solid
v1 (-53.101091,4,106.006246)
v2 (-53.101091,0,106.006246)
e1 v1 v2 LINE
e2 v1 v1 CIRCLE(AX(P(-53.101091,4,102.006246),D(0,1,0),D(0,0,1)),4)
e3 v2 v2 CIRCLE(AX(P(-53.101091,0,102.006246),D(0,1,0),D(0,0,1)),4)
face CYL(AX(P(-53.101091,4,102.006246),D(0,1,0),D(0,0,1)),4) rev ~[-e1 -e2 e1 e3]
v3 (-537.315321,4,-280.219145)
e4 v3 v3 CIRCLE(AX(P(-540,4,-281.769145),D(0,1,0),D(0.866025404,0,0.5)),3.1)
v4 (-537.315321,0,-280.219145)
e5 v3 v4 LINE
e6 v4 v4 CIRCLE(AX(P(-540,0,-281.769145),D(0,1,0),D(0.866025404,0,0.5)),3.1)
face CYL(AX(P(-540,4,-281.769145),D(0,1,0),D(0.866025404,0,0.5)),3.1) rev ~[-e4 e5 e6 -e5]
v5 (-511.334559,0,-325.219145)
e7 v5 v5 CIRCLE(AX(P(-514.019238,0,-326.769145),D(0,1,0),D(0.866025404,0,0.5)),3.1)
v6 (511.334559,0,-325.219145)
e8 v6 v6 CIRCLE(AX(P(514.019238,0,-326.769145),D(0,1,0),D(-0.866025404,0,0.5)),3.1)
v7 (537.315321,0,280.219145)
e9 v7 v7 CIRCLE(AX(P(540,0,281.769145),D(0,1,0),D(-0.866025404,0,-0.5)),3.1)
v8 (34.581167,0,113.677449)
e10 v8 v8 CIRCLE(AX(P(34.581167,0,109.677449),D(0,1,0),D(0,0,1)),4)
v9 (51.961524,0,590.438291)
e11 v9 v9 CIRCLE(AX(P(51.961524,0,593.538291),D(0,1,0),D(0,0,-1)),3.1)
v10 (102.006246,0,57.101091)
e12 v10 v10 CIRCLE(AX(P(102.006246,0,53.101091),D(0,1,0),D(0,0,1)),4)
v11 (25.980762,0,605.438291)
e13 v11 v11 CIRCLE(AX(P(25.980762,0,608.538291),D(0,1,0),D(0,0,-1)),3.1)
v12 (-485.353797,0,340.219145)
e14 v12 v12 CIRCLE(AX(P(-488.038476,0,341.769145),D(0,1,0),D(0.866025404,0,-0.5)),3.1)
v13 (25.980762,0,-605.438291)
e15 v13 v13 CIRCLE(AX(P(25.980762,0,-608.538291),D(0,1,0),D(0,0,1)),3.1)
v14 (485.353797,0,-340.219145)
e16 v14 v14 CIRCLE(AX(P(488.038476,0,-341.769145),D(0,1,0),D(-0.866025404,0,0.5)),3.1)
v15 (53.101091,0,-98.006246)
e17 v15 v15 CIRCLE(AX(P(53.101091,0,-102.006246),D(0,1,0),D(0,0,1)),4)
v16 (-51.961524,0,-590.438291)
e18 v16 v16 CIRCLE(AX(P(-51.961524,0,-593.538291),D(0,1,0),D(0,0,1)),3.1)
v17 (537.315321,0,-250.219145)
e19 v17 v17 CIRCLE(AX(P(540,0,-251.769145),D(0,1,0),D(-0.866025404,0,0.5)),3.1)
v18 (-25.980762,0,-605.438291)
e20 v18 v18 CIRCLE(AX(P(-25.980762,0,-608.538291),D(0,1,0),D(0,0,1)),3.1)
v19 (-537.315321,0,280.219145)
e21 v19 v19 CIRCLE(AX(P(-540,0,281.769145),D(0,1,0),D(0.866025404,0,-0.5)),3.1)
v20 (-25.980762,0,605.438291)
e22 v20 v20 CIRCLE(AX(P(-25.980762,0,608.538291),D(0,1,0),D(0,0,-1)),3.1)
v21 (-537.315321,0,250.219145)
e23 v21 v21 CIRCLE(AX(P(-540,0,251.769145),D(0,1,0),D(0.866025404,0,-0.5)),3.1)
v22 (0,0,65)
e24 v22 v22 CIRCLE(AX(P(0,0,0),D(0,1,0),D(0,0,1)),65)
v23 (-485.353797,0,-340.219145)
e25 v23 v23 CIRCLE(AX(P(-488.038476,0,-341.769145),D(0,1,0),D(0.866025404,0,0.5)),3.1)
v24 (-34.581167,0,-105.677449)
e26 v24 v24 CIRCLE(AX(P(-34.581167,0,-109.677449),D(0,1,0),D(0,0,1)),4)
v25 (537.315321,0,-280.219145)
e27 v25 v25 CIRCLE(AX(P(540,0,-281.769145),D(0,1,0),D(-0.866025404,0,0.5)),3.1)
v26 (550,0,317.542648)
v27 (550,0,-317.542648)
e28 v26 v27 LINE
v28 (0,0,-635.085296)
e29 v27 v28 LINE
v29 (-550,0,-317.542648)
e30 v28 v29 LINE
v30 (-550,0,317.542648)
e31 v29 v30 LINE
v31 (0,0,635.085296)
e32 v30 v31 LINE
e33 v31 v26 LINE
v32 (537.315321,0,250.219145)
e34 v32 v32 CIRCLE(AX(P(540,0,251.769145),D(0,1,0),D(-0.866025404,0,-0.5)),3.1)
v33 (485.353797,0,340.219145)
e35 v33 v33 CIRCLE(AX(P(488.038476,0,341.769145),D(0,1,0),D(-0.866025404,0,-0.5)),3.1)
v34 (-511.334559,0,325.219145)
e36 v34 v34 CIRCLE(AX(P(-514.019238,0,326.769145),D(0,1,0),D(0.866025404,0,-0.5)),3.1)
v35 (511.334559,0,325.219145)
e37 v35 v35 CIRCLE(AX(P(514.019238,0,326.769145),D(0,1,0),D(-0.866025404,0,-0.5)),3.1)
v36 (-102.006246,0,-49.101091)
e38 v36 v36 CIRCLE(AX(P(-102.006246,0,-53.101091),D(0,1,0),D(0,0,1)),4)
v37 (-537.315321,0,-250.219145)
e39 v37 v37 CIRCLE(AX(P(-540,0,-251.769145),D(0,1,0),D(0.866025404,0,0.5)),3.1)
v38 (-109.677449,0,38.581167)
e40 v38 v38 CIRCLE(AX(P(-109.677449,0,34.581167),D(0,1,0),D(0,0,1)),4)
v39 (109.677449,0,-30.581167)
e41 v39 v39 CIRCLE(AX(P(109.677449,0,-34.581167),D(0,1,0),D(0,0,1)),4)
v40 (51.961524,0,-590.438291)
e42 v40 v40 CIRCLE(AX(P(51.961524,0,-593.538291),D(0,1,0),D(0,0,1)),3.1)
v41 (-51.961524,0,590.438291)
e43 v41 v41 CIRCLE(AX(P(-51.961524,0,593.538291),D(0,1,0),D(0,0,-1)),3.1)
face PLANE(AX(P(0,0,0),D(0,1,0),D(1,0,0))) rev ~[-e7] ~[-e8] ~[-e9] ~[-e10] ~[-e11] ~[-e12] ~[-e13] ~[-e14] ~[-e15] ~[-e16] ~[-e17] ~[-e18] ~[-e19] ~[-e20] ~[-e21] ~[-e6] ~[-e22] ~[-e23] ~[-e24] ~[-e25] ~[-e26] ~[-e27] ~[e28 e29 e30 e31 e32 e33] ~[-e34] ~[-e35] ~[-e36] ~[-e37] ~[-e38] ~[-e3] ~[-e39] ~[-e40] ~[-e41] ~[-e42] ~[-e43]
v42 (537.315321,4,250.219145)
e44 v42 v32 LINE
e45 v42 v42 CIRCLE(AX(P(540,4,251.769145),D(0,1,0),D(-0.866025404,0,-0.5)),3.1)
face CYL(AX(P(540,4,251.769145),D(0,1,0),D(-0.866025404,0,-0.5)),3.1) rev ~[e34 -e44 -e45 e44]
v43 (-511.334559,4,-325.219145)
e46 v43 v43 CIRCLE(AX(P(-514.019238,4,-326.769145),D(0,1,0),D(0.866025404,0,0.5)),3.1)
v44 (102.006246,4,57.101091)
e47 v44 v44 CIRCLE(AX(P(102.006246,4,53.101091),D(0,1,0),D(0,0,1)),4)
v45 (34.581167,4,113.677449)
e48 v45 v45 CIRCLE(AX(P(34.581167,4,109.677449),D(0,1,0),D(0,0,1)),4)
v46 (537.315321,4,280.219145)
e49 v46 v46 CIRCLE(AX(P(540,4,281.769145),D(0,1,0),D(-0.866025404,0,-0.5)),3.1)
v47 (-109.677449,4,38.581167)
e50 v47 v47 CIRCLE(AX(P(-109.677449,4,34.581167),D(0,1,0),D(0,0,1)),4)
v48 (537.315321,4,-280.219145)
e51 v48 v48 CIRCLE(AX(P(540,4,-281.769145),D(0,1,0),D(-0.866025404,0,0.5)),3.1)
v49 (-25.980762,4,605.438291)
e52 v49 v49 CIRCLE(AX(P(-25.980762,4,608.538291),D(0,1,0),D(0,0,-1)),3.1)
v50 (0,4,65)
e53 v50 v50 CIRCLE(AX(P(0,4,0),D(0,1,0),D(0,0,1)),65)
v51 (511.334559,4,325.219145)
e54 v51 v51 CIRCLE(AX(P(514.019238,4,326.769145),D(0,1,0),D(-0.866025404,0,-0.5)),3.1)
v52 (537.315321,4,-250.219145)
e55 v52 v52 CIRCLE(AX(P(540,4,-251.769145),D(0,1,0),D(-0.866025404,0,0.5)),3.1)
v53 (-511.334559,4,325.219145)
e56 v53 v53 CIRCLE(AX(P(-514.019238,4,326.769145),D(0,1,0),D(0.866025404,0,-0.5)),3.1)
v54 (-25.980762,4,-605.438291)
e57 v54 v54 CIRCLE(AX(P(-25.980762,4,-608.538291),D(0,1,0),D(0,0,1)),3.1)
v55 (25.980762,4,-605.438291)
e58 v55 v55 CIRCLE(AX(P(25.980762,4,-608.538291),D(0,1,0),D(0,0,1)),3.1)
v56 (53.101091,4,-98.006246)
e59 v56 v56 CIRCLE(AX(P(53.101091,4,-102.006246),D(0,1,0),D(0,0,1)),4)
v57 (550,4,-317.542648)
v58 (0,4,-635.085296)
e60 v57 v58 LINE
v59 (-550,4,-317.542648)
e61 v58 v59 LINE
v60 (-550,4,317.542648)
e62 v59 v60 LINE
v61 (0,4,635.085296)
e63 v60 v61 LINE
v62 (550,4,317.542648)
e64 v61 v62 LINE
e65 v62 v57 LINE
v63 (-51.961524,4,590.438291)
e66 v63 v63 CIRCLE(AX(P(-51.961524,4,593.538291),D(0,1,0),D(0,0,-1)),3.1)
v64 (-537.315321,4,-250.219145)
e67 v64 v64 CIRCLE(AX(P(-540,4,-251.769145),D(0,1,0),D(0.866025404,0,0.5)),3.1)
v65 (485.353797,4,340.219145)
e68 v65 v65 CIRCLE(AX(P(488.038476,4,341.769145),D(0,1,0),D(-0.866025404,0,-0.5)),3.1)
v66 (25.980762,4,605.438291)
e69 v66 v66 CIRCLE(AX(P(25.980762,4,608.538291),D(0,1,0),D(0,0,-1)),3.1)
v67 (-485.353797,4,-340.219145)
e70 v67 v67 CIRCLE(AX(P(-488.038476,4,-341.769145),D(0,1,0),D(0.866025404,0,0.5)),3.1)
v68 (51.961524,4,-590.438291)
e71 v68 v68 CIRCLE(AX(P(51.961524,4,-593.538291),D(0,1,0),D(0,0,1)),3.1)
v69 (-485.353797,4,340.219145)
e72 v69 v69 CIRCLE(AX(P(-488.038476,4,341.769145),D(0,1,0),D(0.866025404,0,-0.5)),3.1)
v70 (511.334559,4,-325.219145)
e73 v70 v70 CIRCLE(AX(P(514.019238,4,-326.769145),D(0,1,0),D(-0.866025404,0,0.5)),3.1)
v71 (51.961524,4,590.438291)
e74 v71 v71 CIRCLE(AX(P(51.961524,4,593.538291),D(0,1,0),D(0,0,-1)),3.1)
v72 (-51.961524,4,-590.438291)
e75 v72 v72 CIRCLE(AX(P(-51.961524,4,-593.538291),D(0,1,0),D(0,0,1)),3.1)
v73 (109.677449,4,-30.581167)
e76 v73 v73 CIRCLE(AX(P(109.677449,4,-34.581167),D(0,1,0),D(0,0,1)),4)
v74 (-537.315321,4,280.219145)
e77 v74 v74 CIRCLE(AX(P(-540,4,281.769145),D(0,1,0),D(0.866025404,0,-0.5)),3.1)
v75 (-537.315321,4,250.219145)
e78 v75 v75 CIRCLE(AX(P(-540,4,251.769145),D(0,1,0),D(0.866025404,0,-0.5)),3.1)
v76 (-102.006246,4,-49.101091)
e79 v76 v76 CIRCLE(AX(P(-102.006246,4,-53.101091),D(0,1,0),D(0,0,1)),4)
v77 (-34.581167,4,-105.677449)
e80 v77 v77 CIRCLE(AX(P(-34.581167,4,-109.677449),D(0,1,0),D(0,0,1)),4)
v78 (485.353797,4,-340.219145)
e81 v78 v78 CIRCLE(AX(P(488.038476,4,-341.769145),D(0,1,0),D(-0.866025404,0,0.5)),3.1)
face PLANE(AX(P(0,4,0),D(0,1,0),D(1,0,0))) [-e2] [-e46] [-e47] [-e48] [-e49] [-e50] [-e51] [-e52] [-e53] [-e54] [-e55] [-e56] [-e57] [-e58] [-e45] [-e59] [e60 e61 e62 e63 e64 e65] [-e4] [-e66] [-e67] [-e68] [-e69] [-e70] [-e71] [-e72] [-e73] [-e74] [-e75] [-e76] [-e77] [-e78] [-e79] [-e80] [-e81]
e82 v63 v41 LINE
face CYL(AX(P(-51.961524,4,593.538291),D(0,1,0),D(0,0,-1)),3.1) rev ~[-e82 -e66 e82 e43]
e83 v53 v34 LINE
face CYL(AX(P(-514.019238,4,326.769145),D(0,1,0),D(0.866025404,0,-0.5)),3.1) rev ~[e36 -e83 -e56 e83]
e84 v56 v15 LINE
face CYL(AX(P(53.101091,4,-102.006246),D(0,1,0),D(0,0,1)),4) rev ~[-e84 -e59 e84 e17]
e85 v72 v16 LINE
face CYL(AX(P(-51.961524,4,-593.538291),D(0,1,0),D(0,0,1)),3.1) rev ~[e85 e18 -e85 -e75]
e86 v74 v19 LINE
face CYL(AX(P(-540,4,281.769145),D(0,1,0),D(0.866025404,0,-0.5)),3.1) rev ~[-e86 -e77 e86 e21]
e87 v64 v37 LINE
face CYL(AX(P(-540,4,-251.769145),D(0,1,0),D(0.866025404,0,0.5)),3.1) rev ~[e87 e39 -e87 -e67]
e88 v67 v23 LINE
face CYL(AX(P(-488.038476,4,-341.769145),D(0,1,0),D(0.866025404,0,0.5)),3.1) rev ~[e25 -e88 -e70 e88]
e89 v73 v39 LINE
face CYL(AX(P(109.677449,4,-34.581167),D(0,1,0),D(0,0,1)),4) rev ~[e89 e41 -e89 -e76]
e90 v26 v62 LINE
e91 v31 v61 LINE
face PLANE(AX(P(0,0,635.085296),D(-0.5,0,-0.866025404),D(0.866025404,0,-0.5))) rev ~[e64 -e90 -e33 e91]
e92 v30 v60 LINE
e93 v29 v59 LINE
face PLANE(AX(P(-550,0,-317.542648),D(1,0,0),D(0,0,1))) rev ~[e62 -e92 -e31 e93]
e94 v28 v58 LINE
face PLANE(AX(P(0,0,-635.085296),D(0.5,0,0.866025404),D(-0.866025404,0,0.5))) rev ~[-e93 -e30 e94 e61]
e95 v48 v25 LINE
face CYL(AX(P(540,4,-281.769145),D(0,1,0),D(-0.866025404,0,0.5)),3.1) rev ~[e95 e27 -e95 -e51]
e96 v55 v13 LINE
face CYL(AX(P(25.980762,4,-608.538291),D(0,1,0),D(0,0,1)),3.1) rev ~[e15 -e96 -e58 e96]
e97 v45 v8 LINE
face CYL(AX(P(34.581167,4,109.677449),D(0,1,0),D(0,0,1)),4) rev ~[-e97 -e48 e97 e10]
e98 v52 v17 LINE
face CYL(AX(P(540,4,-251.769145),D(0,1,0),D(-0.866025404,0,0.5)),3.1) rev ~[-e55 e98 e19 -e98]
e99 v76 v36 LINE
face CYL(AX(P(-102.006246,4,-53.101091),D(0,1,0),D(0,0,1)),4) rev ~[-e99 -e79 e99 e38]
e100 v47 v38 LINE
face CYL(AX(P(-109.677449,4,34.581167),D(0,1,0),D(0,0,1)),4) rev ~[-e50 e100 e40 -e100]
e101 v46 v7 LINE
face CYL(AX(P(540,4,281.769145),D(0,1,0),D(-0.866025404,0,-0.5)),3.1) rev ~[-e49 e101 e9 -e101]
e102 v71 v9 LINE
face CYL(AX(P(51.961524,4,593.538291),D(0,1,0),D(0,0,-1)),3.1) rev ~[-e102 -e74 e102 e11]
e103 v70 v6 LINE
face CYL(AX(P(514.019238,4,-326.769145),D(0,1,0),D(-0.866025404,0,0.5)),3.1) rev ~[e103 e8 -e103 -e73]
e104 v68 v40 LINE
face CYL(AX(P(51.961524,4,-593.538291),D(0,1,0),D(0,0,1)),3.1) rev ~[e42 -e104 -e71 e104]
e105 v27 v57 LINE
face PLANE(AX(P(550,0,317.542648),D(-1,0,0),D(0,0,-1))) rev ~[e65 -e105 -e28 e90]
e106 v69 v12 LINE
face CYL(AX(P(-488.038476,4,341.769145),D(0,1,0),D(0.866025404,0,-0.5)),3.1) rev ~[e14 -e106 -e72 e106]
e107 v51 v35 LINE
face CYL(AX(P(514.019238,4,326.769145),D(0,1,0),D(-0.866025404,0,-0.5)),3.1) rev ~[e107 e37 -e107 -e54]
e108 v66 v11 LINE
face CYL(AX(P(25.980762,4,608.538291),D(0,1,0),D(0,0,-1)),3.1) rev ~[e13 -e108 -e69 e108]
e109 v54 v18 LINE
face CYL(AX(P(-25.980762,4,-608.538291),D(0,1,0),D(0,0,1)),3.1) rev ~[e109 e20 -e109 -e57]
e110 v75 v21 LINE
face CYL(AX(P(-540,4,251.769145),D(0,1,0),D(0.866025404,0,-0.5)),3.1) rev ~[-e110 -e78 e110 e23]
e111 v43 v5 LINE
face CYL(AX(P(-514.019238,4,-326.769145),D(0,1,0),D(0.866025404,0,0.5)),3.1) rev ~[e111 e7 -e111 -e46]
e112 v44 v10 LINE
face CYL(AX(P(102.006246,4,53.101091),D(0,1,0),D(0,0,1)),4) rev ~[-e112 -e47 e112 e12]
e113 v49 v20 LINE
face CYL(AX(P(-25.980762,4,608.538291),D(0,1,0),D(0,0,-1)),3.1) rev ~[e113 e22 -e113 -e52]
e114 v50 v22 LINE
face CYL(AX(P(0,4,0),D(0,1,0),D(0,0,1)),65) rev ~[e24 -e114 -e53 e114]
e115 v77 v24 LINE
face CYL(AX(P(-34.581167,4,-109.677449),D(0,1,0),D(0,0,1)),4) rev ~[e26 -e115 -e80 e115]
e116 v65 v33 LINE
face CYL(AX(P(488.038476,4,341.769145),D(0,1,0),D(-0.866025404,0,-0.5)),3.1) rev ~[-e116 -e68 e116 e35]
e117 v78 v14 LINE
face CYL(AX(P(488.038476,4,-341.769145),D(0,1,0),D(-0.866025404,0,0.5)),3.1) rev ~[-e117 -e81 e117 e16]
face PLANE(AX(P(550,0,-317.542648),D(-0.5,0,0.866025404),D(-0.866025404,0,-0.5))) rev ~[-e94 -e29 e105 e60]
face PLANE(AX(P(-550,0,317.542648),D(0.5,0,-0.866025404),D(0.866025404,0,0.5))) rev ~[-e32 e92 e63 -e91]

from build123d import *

# Parameters (mm, degrees)
BOSS_EXTRUDE1_DEPTH = 4
CUT_EXTRUDE1_REACH  = 842.148
SKETCH3_R           = 4
CUT_EXTRUDE2_REACH  = 842.148
SKETCH4_R           = 3.1
CIRPATTERN1_COUNT   = 6
CUT_EXTRUDE3_REACH  = 842.148
SKETCH5_R           = 65


with BuildPart() as part:
    # Sketch1 → Boss-Extrude1 (new body)
    with BuildSketch(Plane(origin=(0, 0, 0), x_dir=(1, 0, 0), z_dir=(0, 1, 0))):
        Polygon((0, 635.085296109), (-550, 317.542648054), (-550, -317.542648054), (0, -635.085296109), (550, -317.542648054), (550, 317.542648054), align=None)
    extrude(amount=BOSS_EXTRUDE1_DEPTH)

    # Sketch3 → Cut-Extrude1 (cut, up to next)
    with BuildSketch(Plane(origin=(0, 4, 0), x_dir=(1, 0, 0), z_dir=(0, 1, 0)), mode=Mode.PRIVATE) as cut_extrude1_sk1:
        with Locations(Location((53.101090522, 102.006245815, 0), (0, 0, 270))):
            Circle(SKETCH3_R)
    cut_extrude1_tool1 = extrude(cut_extrude1_sk1.sketch, amount=-CUT_EXTRUDE1_REACH, mode=Mode.PRIVATE) & part.part
    # Sketch3 → Cut-Extrude1 (cut, up to next)
    with BuildSketch(Plane(origin=(0, 4, 0), x_dir=(1, 0, 0), z_dir=(0, 1, 0)), mode=Mode.PRIVATE) as cut_extrude1_sk2:
        with Locations(Location((109.677449336, 34.581166943, 0), (0, 0, 270))):
            Circle(SKETCH3_R)
    cut_extrude1_tool2 = extrude(cut_extrude1_sk2.sketch, amount=-CUT_EXTRUDE1_REACH, mode=Mode.PRIVATE) & part.part
    # Sketch3 → Cut-Extrude1 (cut, up to next)
    with BuildSketch(Plane(origin=(0, 4, 0), x_dir=(1, 0, 0), z_dir=(0, 1, 0)), mode=Mode.PRIVATE) as cut_extrude1_sk3:
        with Locations(Location((102.006245815, -53.101090522, 0), (0, 0, 270))):
            Circle(SKETCH3_R)
    cut_extrude1_tool3 = extrude(cut_extrude1_sk3.sketch, amount=-CUT_EXTRUDE1_REACH, mode=Mode.PRIVATE) & part.part
    # Sketch3 → Cut-Extrude1 (cut, up to next)
    with BuildSketch(Plane(origin=(0, 4, 0), x_dir=(1, 0, 0), z_dir=(0, 1, 0)), mode=Mode.PRIVATE) as cut_extrude1_sk4:
        with Locations(Location((34.581166943, -109.677449336, 0), (0, 0, 270))):
            Circle(SKETCH3_R)
    cut_extrude1_tool4 = extrude(cut_extrude1_sk4.sketch, amount=-CUT_EXTRUDE1_REACH, mode=Mode.PRIVATE) & part.part
    # Sketch3 → Cut-Extrude1 (cut, up to next)
    with BuildSketch(Plane(origin=(0, 4, 0), x_dir=(1, 0, 0), z_dir=(0, 1, 0)), mode=Mode.PRIVATE) as cut_extrude1_sk5:
        with Locations(Location((-53.101090522, -102.006245815, 0), (0, 0, 270))):
            Circle(SKETCH3_R)
    cut_extrude1_tool5 = extrude(cut_extrude1_sk5.sketch, amount=-CUT_EXTRUDE1_REACH, mode=Mode.PRIVATE) & part.part
    # Sketch3 → Cut-Extrude1 (cut, up to next)
    with BuildSketch(Plane(origin=(0, 4, 0), x_dir=(1, 0, 0), z_dir=(0, 1, 0)), mode=Mode.PRIVATE) as cut_extrude1_sk6:
        with Locations(Location((-109.677449336, -34.581166943, 0), (0, 0, 270))):
            Circle(SKETCH3_R)
    cut_extrude1_tool6 = extrude(cut_extrude1_sk6.sketch, amount=-CUT_EXTRUDE1_REACH, mode=Mode.PRIVATE) & part.part
    # Sketch3 → Cut-Extrude1 (cut, up to next)
    with BuildSketch(Plane(origin=(0, 4, 0), x_dir=(1, 0, 0), z_dir=(0, 1, 0)), mode=Mode.PRIVATE) as cut_extrude1_sk7:
        with Locations(Location((-102.006245815, 53.101090522, 0), (0, 0, 270))):
            Circle(SKETCH3_R)
    cut_extrude1_tool7 = extrude(cut_extrude1_sk7.sketch, amount=-CUT_EXTRUDE1_REACH, mode=Mode.PRIVATE) & part.part
    # Sketch3 → Cut-Extrude1 (cut, up to next)
    with BuildSketch(Plane(origin=(0, 4, 0), x_dir=(1, 0, 0), z_dir=(0, 1, 0)), mode=Mode.PRIVATE) as cut_extrude1_sk8:
        with Locations(Location((-34.581166943, 109.677449336, 0), (0, 0, 270))):
            Circle(SKETCH3_R)
    cut_extrude1_tool8 = extrude(cut_extrude1_sk8.sketch, amount=-CUT_EXTRUDE1_REACH, mode=Mode.PRIVATE) & part.part
    add(cut_extrude1_tool1.solids().sort_by_distance((53.101091, 4, -102.006246))[0], mode=Mode.SUBTRACT)
    add(cut_extrude1_tool2.solids().sort_by_distance((109.677449, 4, -34.581167))[0], mode=Mode.SUBTRACT)
    add(cut_extrude1_tool3.solids().sort_by_distance((102.006246, 4, 53.101091))[0], mode=Mode.SUBTRACT)
    add(cut_extrude1_tool4.solids().sort_by_distance((34.581167, 4, 109.677449))[0], mode=Mode.SUBTRACT)
    add(cut_extrude1_tool5.solids().sort_by_distance((-53.101091, 4, 102.006246))[0], mode=Mode.SUBTRACT)
    add(cut_extrude1_tool6.solids().sort_by_distance((-109.677449, 4, 34.581167))[0], mode=Mode.SUBTRACT)
    add(cut_extrude1_tool7.solids().sort_by_distance((-102.006246, 4, -53.101091))[0], mode=Mode.SUBTRACT)
    add(cut_extrude1_tool8.solids().sort_by_distance((-34.581167, 4, -109.677449))[0], mode=Mode.SUBTRACT)

    # Sketch4 → Cut-Extrude2 (cut, up to next)
    with BuildSketch(Plane(origin=(0, 4, 0), x_dir=(1, 0, 0), z_dir=(0, 1, 0)), mode=Mode.PRIVATE) as cut_extrude2_sk1:
        with Locations(Location((25.980762114, 608.538290725, 0), (0, 0, 270))):
            Circle(SKETCH4_R)
    cut_extrude2_tool1 = extrude(cut_extrude2_sk1.sketch, amount=-CUT_EXTRUDE2_REACH, mode=Mode.PRIVATE) & part.part
    # Sketch4 → Cut-Extrude2 (cut, up to next)
    with BuildSketch(Plane(origin=(0, 4, 0), x_dir=(1, 0, 0), z_dir=(0, 1, 0)), mode=Mode.PRIVATE) as cut_extrude2_sk2:
        with Locations(Location((51.961524227, 593.538290725, 0), (0, 0, 270))):
            Circle(SKETCH4_R)
    cut_extrude2_tool2 = extrude(cut_extrude2_sk2.sketch, amount=-CUT_EXTRUDE2_REACH, mode=Mode.PRIVATE) & part.part
    # Sketch4 → Cut-Extrude2 (cut, up to next)
    with BuildSketch(Plane(origin=(0, 4, 0), x_dir=(1, 0, 0), z_dir=(0, 1, 0)), mode=Mode.PRIVATE) as cut_extrude2_sk3:
        with Locations(Location((-51.961524227, 593.538290725, 0), (0, 0, 270))):
            Circle(SKETCH4_R)
    cut_extrude2_tool3 = extrude(cut_extrude2_sk3.sketch, amount=-CUT_EXTRUDE2_REACH, mode=Mode.PRIVATE) & part.part
    # Sketch4 → Cut-Extrude2 (cut, up to next)
    with BuildSketch(Plane(origin=(0, 4, 0), x_dir=(1, 0, 0), z_dir=(0, 1, 0)), mode=Mode.PRIVATE) as cut_extrude2_sk4:
        with Locations(Location((-25.980762114, 608.538290725, 0), (0, 0, 270))):
            Circle(SKETCH4_R)
    cut_extrude2_tool4 = extrude(cut_extrude2_sk4.sketch, amount=-CUT_EXTRUDE2_REACH, mode=Mode.PRIVATE) & part.part
    cut_extrude2_1 = cut_extrude2_tool1.solids().sort_by_distance((25.980762, 4, -608.538291))[0]
    add(cut_extrude2_1, mode=Mode.SUBTRACT)
    cut_extrude2_2 = cut_extrude2_tool2.solids().sort_by_distance((51.961524, 4, -593.538291))[0]
    add(cut_extrude2_2, mode=Mode.SUBTRACT)
    cut_extrude2_3 = cut_extrude2_tool3.solids().sort_by_distance((-51.961524, 4, -593.538291))[0]
    add(cut_extrude2_3, mode=Mode.SUBTRACT)
    cut_extrude2_4 = cut_extrude2_tool4.solids().sort_by_distance((-25.980762, 4, -608.538291))[0]
    add(cut_extrude2_4, mode=Mode.SUBTRACT)
    cut_extrude2 = cut_extrude2_1 + cut_extrude2_2 + cut_extrude2_3 + cut_extrude2_4  # Cut-Extrude2 as one shape, for the pattern or mirror that repeats it

    # CirPattern1: Cut-Extrude2 ×6 about axis
    cirpattern1_axis = Axis((0, 0, 0), (0, 1, 0))
    for i in range(1, CIRPATTERN1_COUNT):
        add(cut_extrude2.rotate(cirpattern1_axis, i * 360 / CIRPATTERN1_COUNT), mode=Mode.SUBTRACT)

    # Sketch5 → Cut-Extrude3 (cut, up to next)
    with BuildSketch(Plane(origin=(0, 4, 0), x_dir=(1, 0, 0), z_dir=(0, 1, 0)), mode=Mode.PRIVATE) as cut_extrude3_sk1:
        with Locations(Location((0, 0, 0), (0, 0, 270))):
            Circle(SKETCH5_R)
    cut_extrude3_tool1 = extrude(cut_extrude3_sk1.sketch, amount=-CUT_EXTRUDE3_REACH, mode=Mode.PRIVATE) & part.part
    add(cut_extrude3_tool1.solids().sort_by_distance((0, 4, 0))[0], mode=Mode.SUBTRACT)


solid = part.part
